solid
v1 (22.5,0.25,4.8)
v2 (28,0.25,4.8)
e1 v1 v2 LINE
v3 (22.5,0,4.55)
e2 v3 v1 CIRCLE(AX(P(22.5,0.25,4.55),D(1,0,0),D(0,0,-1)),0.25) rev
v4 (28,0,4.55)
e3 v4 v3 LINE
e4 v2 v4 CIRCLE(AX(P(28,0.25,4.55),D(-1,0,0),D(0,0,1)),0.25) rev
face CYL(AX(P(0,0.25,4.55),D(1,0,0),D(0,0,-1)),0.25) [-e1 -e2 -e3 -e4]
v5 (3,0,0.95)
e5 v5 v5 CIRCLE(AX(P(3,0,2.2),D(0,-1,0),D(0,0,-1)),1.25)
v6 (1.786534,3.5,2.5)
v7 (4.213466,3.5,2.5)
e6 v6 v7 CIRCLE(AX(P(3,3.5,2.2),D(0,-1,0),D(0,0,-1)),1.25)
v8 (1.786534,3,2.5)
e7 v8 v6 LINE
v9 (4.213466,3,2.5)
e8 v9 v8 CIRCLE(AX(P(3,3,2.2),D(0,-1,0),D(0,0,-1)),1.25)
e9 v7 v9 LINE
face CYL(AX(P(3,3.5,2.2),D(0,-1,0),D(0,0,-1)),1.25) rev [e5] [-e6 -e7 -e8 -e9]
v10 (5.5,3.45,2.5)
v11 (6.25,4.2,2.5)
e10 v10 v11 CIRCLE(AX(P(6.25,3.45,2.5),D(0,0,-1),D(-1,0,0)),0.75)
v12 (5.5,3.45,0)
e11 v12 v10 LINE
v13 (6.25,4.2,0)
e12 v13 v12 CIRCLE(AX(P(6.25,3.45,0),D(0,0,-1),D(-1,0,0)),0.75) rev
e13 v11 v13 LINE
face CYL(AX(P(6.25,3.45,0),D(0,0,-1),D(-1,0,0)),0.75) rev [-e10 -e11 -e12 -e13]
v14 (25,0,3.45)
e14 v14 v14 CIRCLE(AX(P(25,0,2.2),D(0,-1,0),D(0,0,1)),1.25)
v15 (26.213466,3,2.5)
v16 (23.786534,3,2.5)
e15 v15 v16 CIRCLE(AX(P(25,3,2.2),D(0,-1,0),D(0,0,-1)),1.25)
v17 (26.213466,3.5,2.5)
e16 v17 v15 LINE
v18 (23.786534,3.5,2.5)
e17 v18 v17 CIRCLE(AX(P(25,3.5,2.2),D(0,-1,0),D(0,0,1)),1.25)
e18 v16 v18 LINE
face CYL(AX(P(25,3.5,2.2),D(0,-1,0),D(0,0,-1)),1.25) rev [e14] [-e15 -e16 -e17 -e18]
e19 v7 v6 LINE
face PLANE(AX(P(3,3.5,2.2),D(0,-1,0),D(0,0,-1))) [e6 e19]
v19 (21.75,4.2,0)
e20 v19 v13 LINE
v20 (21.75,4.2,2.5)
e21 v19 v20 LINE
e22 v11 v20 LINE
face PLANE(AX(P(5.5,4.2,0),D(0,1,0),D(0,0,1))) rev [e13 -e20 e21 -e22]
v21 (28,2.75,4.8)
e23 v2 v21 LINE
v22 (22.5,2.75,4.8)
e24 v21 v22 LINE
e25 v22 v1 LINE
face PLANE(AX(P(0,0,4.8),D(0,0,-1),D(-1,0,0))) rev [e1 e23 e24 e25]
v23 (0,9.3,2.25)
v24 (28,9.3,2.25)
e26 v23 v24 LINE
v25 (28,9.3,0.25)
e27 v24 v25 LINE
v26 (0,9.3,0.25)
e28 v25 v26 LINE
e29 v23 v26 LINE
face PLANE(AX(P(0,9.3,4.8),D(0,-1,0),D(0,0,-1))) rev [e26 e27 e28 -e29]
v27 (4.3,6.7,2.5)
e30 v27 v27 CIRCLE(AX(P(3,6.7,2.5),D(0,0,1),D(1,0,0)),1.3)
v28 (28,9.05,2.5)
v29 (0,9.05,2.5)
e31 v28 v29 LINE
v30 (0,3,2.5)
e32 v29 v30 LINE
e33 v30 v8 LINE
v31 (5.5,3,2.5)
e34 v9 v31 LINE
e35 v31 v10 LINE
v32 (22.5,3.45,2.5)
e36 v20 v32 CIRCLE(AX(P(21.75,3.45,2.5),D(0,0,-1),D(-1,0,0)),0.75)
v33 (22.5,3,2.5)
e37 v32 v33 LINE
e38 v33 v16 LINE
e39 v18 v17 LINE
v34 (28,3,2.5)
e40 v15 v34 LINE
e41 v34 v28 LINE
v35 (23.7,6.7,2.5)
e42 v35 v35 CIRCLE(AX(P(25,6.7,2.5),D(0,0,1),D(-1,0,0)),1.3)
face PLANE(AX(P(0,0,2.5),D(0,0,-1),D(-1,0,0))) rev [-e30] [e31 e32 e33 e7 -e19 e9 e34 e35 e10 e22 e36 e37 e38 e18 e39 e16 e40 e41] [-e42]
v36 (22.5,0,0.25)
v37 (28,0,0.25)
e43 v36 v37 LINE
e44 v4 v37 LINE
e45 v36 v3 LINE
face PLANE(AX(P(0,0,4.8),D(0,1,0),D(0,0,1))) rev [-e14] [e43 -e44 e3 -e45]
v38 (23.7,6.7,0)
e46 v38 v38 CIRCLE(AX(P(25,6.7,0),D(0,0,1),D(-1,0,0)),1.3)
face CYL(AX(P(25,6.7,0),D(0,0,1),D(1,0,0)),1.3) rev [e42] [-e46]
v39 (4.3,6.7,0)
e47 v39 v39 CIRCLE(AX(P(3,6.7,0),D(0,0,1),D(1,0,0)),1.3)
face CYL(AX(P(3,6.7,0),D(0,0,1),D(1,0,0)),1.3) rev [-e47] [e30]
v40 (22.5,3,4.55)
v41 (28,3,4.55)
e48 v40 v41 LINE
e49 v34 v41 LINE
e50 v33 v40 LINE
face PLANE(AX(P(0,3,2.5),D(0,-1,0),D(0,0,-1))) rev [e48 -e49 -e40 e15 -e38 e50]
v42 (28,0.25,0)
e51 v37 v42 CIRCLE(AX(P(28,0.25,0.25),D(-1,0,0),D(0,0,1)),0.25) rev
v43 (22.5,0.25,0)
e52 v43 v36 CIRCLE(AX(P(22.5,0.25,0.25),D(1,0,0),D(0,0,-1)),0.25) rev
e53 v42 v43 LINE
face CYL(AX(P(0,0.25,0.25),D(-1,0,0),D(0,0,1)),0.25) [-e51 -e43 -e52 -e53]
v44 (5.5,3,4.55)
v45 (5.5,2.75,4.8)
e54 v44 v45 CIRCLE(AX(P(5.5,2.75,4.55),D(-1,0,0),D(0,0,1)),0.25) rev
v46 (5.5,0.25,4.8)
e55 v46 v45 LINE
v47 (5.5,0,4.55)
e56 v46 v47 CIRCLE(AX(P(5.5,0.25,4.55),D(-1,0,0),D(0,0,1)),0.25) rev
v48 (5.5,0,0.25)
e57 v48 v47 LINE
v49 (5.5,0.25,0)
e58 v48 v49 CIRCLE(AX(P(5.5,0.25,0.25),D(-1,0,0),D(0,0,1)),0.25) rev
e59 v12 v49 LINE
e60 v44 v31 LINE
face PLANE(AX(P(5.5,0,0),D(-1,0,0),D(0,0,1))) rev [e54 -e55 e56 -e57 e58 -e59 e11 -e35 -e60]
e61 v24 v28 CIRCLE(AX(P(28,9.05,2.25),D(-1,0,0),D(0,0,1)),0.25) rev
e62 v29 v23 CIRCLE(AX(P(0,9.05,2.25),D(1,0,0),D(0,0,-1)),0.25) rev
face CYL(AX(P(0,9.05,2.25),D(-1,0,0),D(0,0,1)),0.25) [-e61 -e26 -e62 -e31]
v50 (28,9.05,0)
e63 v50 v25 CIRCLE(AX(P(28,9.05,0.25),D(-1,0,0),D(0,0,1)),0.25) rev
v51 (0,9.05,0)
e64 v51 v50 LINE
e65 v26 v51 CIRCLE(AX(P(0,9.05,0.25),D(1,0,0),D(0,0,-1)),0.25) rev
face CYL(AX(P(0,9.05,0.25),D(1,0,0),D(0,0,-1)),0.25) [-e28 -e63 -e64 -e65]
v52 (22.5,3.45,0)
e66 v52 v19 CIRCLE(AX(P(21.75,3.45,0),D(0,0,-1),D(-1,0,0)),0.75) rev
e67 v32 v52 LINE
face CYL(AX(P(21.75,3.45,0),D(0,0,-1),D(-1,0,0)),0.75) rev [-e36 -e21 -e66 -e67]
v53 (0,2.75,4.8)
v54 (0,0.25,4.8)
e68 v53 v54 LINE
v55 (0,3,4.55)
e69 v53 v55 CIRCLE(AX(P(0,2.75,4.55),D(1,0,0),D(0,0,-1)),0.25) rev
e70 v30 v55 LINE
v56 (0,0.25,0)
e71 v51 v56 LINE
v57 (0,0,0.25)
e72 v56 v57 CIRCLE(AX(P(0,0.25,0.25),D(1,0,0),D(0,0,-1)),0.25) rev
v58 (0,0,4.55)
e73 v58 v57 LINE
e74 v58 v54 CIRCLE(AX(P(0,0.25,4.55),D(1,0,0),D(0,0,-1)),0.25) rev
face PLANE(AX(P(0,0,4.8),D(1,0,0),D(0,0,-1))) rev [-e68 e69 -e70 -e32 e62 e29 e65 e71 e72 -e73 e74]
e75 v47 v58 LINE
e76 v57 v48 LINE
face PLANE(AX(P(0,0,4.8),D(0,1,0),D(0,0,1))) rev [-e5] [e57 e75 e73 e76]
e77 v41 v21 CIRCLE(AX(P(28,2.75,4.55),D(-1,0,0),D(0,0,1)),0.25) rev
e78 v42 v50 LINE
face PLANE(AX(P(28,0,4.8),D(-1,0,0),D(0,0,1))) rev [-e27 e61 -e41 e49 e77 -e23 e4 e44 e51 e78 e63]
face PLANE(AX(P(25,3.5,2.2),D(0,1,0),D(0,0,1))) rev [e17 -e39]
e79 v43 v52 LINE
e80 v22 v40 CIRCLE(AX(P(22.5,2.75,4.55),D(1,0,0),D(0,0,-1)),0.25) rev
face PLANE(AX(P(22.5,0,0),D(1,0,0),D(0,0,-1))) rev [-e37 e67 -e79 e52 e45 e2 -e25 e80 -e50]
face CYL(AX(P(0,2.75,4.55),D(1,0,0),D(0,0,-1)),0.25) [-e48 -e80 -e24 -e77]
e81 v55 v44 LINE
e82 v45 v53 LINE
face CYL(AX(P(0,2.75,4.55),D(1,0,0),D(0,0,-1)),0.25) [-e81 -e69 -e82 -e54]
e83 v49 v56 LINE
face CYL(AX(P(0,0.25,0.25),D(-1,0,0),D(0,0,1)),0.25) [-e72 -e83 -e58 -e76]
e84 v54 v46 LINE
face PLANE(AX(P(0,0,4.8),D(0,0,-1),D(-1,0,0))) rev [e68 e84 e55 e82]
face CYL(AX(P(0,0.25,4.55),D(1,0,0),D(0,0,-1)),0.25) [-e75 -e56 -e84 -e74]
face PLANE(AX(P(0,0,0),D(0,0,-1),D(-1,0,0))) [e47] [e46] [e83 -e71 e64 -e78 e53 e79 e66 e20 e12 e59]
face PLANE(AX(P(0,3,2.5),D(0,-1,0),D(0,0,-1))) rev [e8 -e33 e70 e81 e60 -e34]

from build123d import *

# Parameters (mm, degrees)
SKETCH_1_W               = 28
SKETCH_1_H               = 9.3
EXTRUDE_1_DEPTH          = 4.8
SKETCH_2_W               = 28
SKETCH_2_H               = 6.3
CUT_EXTRUDE_1_DEPTH      = 2.3
SKETCH_4_W               = 17
SKETCH_4_H               = 4.2
CUT_EXTRUDE_2_DEPTH      = 1
CUT_EXTRUDE_2_DEPTH_BACK = 5.8
SKETCH_5_R               = 1.3
CUT_EXTRUDE_3_DEPTH      = 3.5
FILLET_1_R               = 0.75
SKETCH_6_R               = 1.25
CUT_EXTRUDE_4_DEPTH      = 3.5
FILLET_2_R               = 0.25


with BuildPart() as part:
    # 스케치1 → 보스-돌출1 (new body)
    with BuildSketch(Plane.XY):
        with Locations((14, 4.65)):
            Rectangle(SKETCH_1_W, SKETCH_1_H)
    extrude(amount=EXTRUDE_1_DEPTH)

    # 스케치2 → 컷-돌출1 (cut)
    with BuildSketch(Plane.XY.offset(4.8)):
        with Locations((14, 6.15)):
            Rectangle(SKETCH_2_W, SKETCH_2_H)
    extrude(amount=-CUT_EXTRUDE_1_DEPTH, mode=Mode.SUBTRACT)

    # 스케치4 → 컷-돌출2 (cut, two sides)
    with BuildSketch(Plane.XY.offset(4.8)) as cut_extrude_2_sk:
        with Locations((14, 2.1)):
            Rectangle(SKETCH_4_W, SKETCH_4_H)
    extrude(amount=CUT_EXTRUDE_2_DEPTH, mode=Mode.SUBTRACT)
    extrude(cut_extrude_2_sk.sketch, amount=-CUT_EXTRUDE_2_DEPTH_BACK, mode=Mode.SUBTRACT)

    # 스케치5 → 컷-돌출3 (cut, through all)
    with BuildSketch(Plane.XY.offset(2.5)):
        with Locations((3, 6.7)):
            Circle(SKETCH_5_R)
        with Locations((25, 6.7)):
            Circle(SKETCH_5_R)
    extrude(amount=-CUT_EXTRUDE_3_DEPTH, mode=Mode.SUBTRACT)

    # 필렛1
    fillet_1_edges = [part.edges().sort_by_distance(p)[0] for p in [
        (5.5, 4.2, 1.25),
        (22.5, 4.2, 1.25),
    ]]
    fillet(fillet_1_edges, radius=FILLET_1_R)

    # 스케치6 → 컷-돌출4 (cut)
    with BuildSketch(Plane.XZ):
        with Locations((3, 2.2)):
            Circle(SKETCH_6_R)
        with Locations((25, 2.2)):
            Circle(SKETCH_6_R)
    extrude(amount=-CUT_EXTRUDE_4_DEPTH, mode=Mode.SUBTRACT)

    # 필렛2
    fillet_2_edges = [part.edges().sort_by_distance(p)[0] for p in [
        (14, 9.3, 2.5),
        (2.75, 3, 4.8),
        (25.25, 3, 4.8),
        (25.25, 0, 0),
        (25.25, 0, 4.8),
        (14, 9.3, 0),
        (2.75, 0, 0),
        (2.75, 0, 4.8),
    ]]
    fillet(fillet_2_edges, radius=FILLET_2_R)


solid = part.part
